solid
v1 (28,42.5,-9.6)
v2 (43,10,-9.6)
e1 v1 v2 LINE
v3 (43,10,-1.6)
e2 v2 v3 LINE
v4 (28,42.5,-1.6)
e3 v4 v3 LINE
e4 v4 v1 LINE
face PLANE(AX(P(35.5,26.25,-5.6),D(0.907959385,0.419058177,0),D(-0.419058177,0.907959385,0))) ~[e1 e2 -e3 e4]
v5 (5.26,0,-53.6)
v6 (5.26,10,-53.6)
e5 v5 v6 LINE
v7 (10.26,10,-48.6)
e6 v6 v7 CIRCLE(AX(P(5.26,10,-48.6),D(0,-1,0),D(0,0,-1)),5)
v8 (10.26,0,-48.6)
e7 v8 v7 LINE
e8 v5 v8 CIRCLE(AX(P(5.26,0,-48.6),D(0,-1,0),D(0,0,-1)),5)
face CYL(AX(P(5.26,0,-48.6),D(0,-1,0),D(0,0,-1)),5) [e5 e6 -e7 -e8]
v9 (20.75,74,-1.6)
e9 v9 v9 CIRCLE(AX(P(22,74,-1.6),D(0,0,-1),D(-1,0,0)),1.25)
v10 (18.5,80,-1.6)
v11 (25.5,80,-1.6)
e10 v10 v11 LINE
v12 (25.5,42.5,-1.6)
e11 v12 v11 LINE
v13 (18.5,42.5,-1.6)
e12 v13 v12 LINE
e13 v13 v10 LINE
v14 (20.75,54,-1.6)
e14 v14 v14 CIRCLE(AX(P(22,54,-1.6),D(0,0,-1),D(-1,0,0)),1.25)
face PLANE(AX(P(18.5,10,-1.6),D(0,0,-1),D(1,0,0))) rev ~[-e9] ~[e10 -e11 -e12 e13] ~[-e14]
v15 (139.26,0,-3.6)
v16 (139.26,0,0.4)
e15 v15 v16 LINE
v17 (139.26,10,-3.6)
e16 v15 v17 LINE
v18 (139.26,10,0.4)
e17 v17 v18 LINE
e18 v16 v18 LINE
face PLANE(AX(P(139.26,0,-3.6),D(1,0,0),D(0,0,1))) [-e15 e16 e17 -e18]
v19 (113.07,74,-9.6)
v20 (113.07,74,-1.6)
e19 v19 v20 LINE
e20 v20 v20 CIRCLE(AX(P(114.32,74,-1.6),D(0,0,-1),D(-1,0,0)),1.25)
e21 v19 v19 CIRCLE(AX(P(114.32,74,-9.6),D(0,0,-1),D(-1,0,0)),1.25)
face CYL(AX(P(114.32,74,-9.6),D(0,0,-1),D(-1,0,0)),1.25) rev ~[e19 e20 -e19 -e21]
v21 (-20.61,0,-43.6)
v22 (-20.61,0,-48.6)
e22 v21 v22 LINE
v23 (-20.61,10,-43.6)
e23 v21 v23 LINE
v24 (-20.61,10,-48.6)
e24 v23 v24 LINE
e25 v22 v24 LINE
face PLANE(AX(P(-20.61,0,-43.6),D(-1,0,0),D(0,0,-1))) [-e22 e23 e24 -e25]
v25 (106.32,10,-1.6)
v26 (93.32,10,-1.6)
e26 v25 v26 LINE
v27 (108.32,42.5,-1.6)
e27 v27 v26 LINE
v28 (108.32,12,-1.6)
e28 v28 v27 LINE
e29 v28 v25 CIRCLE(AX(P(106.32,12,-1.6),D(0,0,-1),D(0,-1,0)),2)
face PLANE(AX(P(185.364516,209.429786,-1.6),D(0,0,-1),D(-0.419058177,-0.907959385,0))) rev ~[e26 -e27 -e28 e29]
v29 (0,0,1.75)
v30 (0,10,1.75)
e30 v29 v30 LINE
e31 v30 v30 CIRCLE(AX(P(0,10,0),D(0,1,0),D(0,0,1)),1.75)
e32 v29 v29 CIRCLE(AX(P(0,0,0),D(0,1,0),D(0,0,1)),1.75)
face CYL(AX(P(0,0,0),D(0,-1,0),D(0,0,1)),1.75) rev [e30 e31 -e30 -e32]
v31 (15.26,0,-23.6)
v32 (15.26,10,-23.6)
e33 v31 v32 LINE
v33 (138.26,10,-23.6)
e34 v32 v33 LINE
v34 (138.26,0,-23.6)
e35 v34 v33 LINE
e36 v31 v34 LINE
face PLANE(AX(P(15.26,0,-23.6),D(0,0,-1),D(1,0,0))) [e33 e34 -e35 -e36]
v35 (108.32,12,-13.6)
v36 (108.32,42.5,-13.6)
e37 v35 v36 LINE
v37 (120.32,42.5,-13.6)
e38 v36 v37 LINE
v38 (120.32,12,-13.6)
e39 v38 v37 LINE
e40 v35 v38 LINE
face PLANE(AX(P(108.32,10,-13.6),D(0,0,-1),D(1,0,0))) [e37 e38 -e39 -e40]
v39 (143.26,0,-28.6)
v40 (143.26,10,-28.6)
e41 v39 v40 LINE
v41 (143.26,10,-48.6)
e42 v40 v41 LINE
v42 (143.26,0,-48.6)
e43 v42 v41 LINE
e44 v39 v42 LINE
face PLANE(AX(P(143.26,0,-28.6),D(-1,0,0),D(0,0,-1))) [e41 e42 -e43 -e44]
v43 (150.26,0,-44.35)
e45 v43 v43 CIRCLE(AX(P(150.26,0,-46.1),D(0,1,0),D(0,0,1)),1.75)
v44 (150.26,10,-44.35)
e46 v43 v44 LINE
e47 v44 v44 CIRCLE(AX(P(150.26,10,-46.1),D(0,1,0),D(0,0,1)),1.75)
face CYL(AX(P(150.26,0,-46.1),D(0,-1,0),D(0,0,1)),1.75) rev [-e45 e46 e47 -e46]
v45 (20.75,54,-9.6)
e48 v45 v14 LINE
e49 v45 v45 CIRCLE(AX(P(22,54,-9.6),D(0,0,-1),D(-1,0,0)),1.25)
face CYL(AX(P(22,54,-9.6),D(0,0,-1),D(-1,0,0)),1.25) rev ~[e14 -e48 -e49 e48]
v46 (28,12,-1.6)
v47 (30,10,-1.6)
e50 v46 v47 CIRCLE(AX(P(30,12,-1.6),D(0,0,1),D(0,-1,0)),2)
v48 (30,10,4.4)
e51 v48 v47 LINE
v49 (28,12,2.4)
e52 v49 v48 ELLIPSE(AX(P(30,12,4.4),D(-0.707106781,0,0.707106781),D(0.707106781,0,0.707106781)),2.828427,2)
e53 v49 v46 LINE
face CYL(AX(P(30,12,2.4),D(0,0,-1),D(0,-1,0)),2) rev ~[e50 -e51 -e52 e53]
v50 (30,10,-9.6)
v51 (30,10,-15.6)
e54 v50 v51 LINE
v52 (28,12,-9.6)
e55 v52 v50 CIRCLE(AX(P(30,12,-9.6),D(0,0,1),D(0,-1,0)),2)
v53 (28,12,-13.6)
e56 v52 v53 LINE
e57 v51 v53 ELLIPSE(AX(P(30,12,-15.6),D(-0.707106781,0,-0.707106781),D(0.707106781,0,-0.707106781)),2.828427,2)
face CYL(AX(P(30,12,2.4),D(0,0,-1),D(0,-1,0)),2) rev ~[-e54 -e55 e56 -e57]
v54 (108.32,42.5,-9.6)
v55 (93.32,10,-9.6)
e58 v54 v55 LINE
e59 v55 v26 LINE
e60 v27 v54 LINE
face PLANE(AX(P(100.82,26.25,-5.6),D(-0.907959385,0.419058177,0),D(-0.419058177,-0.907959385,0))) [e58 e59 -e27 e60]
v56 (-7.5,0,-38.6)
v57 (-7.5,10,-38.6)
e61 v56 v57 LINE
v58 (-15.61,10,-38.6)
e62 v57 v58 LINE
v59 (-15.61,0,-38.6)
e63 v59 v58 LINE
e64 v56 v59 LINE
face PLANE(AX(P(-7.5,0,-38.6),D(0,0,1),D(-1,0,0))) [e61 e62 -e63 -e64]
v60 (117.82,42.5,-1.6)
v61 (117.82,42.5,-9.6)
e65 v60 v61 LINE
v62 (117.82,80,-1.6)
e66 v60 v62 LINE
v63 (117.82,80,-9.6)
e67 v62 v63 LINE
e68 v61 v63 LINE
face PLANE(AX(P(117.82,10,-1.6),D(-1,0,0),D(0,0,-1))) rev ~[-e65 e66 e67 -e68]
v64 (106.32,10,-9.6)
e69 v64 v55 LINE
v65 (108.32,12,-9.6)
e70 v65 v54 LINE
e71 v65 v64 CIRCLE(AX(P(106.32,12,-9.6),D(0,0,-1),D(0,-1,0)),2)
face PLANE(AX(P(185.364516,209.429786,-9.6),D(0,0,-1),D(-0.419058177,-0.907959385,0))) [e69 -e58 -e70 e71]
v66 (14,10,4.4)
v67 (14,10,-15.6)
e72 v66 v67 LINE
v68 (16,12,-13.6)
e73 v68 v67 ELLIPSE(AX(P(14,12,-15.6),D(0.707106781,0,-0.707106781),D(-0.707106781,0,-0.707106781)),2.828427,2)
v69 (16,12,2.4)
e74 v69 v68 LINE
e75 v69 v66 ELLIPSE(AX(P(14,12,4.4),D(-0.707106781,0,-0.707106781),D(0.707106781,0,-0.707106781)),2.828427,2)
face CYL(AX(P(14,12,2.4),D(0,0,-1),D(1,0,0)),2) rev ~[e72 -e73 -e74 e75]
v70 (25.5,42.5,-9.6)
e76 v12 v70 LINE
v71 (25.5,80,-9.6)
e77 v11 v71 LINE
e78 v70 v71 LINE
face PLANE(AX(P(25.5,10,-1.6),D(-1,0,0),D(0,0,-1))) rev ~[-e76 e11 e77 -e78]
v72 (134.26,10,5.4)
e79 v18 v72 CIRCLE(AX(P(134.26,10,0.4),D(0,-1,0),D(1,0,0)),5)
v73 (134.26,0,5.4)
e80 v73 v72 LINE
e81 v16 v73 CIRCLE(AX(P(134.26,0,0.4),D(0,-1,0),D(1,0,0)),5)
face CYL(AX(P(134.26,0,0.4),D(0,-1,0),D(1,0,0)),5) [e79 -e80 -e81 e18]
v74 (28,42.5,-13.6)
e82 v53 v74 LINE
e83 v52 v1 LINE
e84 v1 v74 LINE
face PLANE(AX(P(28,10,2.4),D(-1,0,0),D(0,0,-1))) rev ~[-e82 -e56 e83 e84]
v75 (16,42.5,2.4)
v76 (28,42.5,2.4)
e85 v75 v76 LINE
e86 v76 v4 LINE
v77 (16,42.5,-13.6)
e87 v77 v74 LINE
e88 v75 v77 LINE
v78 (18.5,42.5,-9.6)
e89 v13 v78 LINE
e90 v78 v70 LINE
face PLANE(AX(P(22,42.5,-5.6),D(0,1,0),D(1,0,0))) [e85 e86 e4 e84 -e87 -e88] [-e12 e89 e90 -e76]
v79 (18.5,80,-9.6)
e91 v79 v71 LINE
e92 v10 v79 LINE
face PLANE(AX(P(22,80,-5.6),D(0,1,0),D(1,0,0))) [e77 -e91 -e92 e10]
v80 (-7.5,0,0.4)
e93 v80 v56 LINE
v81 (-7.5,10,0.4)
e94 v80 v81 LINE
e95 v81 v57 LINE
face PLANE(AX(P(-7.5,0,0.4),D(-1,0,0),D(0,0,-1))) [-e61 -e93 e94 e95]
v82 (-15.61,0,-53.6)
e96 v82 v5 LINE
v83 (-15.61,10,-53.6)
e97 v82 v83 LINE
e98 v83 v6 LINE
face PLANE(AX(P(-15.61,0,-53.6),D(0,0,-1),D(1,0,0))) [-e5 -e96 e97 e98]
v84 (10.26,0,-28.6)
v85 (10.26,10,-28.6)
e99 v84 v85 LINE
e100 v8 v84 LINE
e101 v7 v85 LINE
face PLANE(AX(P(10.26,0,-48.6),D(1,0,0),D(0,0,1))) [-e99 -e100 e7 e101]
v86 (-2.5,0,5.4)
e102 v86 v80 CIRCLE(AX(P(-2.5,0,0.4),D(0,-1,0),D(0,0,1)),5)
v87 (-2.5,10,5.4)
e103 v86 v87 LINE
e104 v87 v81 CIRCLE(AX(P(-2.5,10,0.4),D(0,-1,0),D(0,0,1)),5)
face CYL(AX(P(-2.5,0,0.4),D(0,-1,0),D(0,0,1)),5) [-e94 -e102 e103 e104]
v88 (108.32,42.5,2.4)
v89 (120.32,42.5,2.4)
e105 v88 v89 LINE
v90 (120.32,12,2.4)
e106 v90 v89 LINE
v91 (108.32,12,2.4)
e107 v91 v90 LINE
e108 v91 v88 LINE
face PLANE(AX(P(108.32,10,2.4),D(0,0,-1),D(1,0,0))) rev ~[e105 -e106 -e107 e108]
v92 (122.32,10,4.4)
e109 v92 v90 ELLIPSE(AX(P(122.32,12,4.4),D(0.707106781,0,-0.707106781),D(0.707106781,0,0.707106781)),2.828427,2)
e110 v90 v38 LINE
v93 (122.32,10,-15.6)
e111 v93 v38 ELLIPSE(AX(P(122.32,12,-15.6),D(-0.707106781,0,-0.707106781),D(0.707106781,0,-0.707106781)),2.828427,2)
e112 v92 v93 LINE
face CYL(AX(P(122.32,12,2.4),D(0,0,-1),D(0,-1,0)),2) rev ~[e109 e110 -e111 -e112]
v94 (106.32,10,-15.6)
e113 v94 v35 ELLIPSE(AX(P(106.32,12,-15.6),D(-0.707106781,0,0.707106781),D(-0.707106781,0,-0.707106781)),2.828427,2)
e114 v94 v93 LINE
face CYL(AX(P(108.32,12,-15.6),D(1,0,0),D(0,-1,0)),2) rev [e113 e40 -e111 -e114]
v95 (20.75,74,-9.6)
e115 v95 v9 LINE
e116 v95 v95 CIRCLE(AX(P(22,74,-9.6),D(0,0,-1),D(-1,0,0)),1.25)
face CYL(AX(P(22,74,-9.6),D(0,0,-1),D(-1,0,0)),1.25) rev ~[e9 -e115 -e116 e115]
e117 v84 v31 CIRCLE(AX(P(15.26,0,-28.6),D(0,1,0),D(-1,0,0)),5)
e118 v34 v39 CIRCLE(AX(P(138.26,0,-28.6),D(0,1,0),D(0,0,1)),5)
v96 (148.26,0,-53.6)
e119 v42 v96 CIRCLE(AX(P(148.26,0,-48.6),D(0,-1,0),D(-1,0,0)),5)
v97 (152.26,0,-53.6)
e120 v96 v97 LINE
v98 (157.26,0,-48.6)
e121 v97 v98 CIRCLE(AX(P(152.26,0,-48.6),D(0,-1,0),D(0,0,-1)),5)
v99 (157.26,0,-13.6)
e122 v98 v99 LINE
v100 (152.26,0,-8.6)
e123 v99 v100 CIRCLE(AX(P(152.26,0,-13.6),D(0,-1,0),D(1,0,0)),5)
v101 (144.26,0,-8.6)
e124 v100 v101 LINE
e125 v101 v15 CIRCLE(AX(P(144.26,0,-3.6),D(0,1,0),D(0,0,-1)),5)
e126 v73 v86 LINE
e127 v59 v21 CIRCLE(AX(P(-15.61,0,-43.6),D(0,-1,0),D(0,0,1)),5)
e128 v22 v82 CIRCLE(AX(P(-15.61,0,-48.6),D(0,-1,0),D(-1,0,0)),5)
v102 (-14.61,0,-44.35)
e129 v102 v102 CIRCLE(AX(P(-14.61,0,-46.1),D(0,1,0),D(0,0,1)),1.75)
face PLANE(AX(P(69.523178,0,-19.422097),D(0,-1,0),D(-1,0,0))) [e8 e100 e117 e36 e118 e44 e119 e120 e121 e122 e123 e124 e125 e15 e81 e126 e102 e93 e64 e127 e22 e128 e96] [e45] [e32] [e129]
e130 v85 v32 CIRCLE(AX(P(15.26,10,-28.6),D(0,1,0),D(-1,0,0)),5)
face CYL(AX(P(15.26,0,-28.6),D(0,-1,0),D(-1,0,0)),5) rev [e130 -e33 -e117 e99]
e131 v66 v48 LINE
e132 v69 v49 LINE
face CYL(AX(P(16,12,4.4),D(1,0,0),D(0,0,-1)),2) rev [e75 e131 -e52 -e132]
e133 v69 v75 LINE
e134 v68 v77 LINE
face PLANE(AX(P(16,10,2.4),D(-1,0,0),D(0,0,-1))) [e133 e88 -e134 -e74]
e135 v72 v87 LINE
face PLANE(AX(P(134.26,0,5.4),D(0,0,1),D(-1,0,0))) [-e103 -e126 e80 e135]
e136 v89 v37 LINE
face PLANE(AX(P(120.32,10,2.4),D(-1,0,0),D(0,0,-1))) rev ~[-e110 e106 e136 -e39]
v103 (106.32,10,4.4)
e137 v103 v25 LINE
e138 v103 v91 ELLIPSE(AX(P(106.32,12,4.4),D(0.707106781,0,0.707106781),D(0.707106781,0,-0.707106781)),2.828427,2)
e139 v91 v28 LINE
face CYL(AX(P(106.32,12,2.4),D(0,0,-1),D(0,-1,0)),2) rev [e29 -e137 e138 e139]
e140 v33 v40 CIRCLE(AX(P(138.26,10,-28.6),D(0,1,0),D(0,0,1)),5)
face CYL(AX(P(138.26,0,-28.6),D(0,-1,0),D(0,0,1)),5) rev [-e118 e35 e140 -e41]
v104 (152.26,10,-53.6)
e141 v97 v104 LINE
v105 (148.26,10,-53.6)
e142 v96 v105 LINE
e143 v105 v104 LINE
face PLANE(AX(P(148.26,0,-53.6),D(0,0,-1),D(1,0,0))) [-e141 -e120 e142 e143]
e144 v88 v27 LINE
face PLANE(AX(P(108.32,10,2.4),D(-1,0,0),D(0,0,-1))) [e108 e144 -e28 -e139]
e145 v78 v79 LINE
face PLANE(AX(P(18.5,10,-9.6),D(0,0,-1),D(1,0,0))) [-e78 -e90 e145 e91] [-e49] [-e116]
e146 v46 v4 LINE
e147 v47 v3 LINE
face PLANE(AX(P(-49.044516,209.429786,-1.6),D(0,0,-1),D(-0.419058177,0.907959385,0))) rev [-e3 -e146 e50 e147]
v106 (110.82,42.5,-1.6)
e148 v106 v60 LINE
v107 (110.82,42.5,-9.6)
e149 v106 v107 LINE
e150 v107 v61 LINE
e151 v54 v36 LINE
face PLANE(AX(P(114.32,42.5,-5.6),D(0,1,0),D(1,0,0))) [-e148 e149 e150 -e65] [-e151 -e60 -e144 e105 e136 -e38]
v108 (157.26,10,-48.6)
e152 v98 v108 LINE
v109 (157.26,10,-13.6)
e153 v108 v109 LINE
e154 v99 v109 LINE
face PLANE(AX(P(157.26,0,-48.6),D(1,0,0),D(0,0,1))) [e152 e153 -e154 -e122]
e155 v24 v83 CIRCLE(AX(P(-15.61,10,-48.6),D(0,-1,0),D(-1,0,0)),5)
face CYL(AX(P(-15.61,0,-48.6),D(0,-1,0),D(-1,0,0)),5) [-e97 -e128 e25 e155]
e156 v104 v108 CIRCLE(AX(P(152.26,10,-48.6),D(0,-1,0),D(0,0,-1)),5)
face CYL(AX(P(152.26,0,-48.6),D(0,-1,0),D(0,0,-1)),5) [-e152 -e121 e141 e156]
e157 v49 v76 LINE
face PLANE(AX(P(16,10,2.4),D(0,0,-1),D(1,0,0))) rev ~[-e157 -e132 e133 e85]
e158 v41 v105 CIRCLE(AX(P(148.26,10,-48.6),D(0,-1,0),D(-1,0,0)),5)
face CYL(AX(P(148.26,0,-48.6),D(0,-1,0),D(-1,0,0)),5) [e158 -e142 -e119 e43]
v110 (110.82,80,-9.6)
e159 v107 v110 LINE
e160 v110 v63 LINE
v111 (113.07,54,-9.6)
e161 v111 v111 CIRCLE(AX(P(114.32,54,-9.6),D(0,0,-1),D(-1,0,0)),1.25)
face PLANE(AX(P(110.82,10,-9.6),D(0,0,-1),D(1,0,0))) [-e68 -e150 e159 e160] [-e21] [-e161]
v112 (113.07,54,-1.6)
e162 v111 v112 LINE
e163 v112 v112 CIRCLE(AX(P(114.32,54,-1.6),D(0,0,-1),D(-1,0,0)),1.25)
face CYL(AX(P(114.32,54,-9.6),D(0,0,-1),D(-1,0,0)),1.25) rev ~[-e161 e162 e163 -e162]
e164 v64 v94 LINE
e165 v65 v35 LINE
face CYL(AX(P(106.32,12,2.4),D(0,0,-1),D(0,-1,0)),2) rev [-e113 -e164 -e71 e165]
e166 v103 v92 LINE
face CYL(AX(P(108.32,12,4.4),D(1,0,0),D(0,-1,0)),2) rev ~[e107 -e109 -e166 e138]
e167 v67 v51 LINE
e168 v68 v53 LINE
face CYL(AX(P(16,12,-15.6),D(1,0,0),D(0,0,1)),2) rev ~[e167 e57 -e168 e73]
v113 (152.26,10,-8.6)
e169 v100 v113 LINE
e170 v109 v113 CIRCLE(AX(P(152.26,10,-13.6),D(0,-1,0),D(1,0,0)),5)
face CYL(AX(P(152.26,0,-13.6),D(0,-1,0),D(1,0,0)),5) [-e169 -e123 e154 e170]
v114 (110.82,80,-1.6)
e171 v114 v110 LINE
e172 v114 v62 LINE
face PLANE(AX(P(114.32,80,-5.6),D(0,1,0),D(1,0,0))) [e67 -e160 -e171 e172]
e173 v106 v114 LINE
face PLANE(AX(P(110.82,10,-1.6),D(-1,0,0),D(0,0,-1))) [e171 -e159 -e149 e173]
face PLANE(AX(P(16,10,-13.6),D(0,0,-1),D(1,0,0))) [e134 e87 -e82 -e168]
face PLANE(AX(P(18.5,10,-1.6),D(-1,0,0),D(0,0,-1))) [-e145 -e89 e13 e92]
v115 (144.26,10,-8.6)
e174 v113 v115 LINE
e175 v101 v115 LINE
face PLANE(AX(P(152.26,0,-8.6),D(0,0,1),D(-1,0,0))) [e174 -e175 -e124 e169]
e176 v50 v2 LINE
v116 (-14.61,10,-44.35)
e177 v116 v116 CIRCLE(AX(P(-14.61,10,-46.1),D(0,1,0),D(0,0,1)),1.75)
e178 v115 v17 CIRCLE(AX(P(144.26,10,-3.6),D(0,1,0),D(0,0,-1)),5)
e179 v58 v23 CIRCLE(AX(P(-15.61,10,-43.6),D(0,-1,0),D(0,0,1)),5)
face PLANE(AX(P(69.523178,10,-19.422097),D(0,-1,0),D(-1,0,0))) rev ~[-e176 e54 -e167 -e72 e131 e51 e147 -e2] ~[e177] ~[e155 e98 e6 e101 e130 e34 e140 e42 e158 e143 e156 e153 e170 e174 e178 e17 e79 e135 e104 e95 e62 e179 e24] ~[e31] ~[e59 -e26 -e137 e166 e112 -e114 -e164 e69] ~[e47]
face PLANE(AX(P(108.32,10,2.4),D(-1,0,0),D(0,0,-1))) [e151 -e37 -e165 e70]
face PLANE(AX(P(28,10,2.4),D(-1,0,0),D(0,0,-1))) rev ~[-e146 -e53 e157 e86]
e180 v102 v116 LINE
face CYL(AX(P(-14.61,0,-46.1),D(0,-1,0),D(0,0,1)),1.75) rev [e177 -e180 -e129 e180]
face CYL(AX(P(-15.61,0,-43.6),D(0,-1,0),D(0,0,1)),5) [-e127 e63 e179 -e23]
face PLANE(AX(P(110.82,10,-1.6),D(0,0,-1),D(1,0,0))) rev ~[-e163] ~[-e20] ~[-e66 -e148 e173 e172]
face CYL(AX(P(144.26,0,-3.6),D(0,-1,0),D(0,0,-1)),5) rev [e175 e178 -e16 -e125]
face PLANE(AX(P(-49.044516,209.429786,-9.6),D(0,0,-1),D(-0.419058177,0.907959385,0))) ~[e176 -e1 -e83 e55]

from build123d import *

# Parameters (mm, degrees)
SKETCH1_R           = 1.75
BOSS_EXTRUDE1_DEPTH = 10
SKETCH3_W           = 7
SKETCH3_H           = 8
BOSS_EXTRUDE3_DEPTH = 70
CUT_EXTRUDE1_REACH  = 183.843
SKETCH4_R           = 1.25
SKETCH5_W           = 12
SKETCH5_H           = 16
BOSS_EXTRUDE4_DEPTH = 32.5
FILLET4_R           = 2
RIB1_REACH          = 184.852
SKETCH6_WALL_W      = 403.497752534
SKETCH6_WALL_H      = 8


with BuildPart() as part:
    # Sketch1 → Boss-Extrude1 (new body)
    with BuildSketch(Plane(origin=(0, 0, 0), x_dir=(1, 0, 0), z_dir=(0, 1, 0))):
        with BuildLine():
            Line((-7.5, -0.4), (-7.5, 38.6))
            Line((-7.5, 38.6), (-15.61, 38.6))
            ThreePointArc((-15.61, 38.6), (-19.145533906, 40.064466094), (-20.61, 43.6))
            Line((-20.61, 43.6), (-20.61, 48.6))
            ThreePointArc((-20.61, 48.6), (-19.145533906, 52.135533906), (-15.61, 53.6))
            Line((-15.61, 53.6), (5.26, 53.6))
            ThreePointArc((5.26, 53.6), (8.795533906, 52.135533906), (10.26, 48.6))
            Line((10.26, 48.6), (10.26, 28.6))
            ThreePointArc((10.26, 28.6), (11.724466094, 25.064466094), (15.26, 23.6))
            Line((15.26, 23.6), (138.26, 23.6))
            ThreePointArc((138.26, 23.6), (141.795533906, 25.064466094), (143.26, 28.6))
            Line((143.26, 28.6), (143.26, 48.6))
            ThreePointArc((143.26, 48.6), (144.724466094, 52.135533906), (148.26, 53.6))
            Line((148.26, 53.6), (152.26, 53.6))
            ThreePointArc((152.26, 53.6), (155.795533906, 52.135533906), (157.26, 48.6))
            Line((157.26, 48.6), (157.26, 13.6))
            ThreePointArc((157.26, 13.6), (155.795533906, 10.064466094), (152.26, 8.6))
            Line((152.26, 8.6), (144.26, 8.6))
            ThreePointArc((144.26, 8.6), (140.724466094, 7.135533906), (139.26, 3.6))
            Line((139.26, 3.6), (139.26, -0.4))
            ThreePointArc((139.26, -0.4), (137.795533906, -3.935533906), (134.26, -5.4))
            Line((134.26, -5.4), (-2.5, -5.4))
            ThreePointArc((-2.5, -5.4), (-6.035533906, -3.935533906), (-7.5, -0.4))
        make_face()
        with Locations(Location((0, 0, 0), (0, 0, 270))):
            Circle(SKETCH1_R, mode=Mode.SUBTRACT)
        with Locations(Location((-14.61, 46.1, 0), (0, 0, 270))):
            Circle(SKETCH1_R, mode=Mode.SUBTRACT)
        with Locations(Location((150.26, 46.1, 0), (0, 0, 270))):
            Circle(SKETCH1_R, mode=Mode.SUBTRACT)
    extrude(amount=BOSS_EXTRUDE1_DEPTH)

    # Sketch3 → Boss-Extrude3 (add)
    with BuildSketch(Plane(origin=(0, 10, 0), x_dir=(1, 0, 0), z_dir=(0, 1, 0))):
        with Locations((22, 5.6)):
            Rectangle(SKETCH3_W, SKETCH3_H)
        with Locations((114.32, 5.6)):
            Rectangle(SKETCH3_W, SKETCH3_H)
    extrude(amount=BOSS_EXTRUDE3_DEPTH)

    # Sketch4 → Cut-Extrude1 (cut, up to next)
    with BuildSketch(Plane(origin=(0, 0, -9.6), x_dir=(-1, 0, 0), z_dir=(0, 0, -1)), mode=Mode.PRIVATE) as cut_extrude1_sk1:
        with Locations((-22, 74)):
            Circle(SKETCH4_R)
    cut_extrude1_tool1 = extrude(cut_extrude1_sk1.sketch, amount=-CUT_EXTRUDE1_REACH, mode=Mode.PRIVATE) & part.part
    # Sketch4 → Cut-Extrude1 (cut, up to next)
    with BuildSketch(Plane(origin=(0, 0, -9.6), x_dir=(-1, 0, 0), z_dir=(0, 0, -1)), mode=Mode.PRIVATE) as cut_extrude1_sk2:
        with Locations((-22, 54)):
            Circle(SKETCH4_R)
    cut_extrude1_tool2 = extrude(cut_extrude1_sk2.sketch, amount=-CUT_EXTRUDE1_REACH, mode=Mode.PRIVATE) & part.part
    # Sketch4 → Cut-Extrude1 (cut, up to next)
    with BuildSketch(Plane(origin=(0, 0, -9.6), x_dir=(-1, 0, 0), z_dir=(0, 0, -1)), mode=Mode.PRIVATE) as cut_extrude1_sk3:
        with Locations((-114.32, 54)):
            Circle(SKETCH4_R)
    cut_extrude1_tool3 = extrude(cut_extrude1_sk3.sketch, amount=-CUT_EXTRUDE1_REACH, mode=Mode.PRIVATE) & part.part
    # Sketch4 → Cut-Extrude1 (cut, up to next)
    with BuildSketch(Plane(origin=(0, 0, -9.6), x_dir=(-1, 0, 0), z_dir=(0, 0, -1)), mode=Mode.PRIVATE) as cut_extrude1_sk4:
        with Locations((-114.32, 74)):
            Circle(SKETCH4_R)
    cut_extrude1_tool4 = extrude(cut_extrude1_sk4.sketch, amount=-CUT_EXTRUDE1_REACH, mode=Mode.PRIVATE) & part.part
    add(cut_extrude1_tool1.solids().sort_by_distance((22, 74, -9.6))[0], mode=Mode.SUBTRACT)
    add(cut_extrude1_tool2.solids().sort_by_distance((22, 54, -9.6))[0], mode=Mode.SUBTRACT)
    add(cut_extrude1_tool3.solids().sort_by_distance((114.32, 54, -9.6))[0], mode=Mode.SUBTRACT)
    add(cut_extrude1_tool4.solids().sort_by_distance((114.32, 74, -9.6))[0], mode=Mode.SUBTRACT)

    # Sketch5 → Boss-Extrude4 (add)
    with BuildSketch(Plane(origin=(0, 10, 0), x_dir=(1, 0, 0), z_dir=(0, 1, 0))):
        with Locations((22, 5.6)):
            Rectangle(SKETCH5_W, SKETCH5_H)
        with Locations((114.32, 5.6)):
            Rectangle(SKETCH5_W, SKETCH5_H)
    extrude(amount=BOSS_EXTRUDE4_DEPTH)

    # Fillet4
    fillet4_edges = [part.edges().sort_by_distance(p)[0] for p in [
        (16, 10, -5.6),
        (22, 10, 2.4),
        (28, 10, -5.6),
        (22, 10, -13.6),
        (108.32, 10, -5.6),
        (114.32, 10, 2.4),
        (120.32, 10, -5.6),
        (114.32, 10, -13.6),
    ]]
    fillet(fillet4_edges, radius=FILLET4_R)

    # Sketch6 wall → Rib1 (add, up to next)
    with BuildSketch(Plane(origin=(100.82, 26.25, -5.6), x_dir=(-0.419058177462, -0.9079593845, 0), z_dir=(-0.9079593845, 0.419058177462, 0)), mode=Mode.PRIVATE) as rib1_sk1:
        Rectangle(SKETCH6_WALL_W, SKETCH6_WALL_H)
    rib1_tool1 = extrude(rib1_sk1.sketch, amount=-RIB1_REACH, mode=Mode.PRIVATE) - part.part
    rib1 = rib1_tool1.solids().sort_by_distance((100.82, 26.25, -5.6))[0]
    add(rib1)

    # Mirror1: Rib1 across plane
    add(rib1.mirror(Plane(origin=(68.16, 0, 0), x_dir=(0, 0, 1), z_dir=(1, 0, 0))))


solid = part.part
